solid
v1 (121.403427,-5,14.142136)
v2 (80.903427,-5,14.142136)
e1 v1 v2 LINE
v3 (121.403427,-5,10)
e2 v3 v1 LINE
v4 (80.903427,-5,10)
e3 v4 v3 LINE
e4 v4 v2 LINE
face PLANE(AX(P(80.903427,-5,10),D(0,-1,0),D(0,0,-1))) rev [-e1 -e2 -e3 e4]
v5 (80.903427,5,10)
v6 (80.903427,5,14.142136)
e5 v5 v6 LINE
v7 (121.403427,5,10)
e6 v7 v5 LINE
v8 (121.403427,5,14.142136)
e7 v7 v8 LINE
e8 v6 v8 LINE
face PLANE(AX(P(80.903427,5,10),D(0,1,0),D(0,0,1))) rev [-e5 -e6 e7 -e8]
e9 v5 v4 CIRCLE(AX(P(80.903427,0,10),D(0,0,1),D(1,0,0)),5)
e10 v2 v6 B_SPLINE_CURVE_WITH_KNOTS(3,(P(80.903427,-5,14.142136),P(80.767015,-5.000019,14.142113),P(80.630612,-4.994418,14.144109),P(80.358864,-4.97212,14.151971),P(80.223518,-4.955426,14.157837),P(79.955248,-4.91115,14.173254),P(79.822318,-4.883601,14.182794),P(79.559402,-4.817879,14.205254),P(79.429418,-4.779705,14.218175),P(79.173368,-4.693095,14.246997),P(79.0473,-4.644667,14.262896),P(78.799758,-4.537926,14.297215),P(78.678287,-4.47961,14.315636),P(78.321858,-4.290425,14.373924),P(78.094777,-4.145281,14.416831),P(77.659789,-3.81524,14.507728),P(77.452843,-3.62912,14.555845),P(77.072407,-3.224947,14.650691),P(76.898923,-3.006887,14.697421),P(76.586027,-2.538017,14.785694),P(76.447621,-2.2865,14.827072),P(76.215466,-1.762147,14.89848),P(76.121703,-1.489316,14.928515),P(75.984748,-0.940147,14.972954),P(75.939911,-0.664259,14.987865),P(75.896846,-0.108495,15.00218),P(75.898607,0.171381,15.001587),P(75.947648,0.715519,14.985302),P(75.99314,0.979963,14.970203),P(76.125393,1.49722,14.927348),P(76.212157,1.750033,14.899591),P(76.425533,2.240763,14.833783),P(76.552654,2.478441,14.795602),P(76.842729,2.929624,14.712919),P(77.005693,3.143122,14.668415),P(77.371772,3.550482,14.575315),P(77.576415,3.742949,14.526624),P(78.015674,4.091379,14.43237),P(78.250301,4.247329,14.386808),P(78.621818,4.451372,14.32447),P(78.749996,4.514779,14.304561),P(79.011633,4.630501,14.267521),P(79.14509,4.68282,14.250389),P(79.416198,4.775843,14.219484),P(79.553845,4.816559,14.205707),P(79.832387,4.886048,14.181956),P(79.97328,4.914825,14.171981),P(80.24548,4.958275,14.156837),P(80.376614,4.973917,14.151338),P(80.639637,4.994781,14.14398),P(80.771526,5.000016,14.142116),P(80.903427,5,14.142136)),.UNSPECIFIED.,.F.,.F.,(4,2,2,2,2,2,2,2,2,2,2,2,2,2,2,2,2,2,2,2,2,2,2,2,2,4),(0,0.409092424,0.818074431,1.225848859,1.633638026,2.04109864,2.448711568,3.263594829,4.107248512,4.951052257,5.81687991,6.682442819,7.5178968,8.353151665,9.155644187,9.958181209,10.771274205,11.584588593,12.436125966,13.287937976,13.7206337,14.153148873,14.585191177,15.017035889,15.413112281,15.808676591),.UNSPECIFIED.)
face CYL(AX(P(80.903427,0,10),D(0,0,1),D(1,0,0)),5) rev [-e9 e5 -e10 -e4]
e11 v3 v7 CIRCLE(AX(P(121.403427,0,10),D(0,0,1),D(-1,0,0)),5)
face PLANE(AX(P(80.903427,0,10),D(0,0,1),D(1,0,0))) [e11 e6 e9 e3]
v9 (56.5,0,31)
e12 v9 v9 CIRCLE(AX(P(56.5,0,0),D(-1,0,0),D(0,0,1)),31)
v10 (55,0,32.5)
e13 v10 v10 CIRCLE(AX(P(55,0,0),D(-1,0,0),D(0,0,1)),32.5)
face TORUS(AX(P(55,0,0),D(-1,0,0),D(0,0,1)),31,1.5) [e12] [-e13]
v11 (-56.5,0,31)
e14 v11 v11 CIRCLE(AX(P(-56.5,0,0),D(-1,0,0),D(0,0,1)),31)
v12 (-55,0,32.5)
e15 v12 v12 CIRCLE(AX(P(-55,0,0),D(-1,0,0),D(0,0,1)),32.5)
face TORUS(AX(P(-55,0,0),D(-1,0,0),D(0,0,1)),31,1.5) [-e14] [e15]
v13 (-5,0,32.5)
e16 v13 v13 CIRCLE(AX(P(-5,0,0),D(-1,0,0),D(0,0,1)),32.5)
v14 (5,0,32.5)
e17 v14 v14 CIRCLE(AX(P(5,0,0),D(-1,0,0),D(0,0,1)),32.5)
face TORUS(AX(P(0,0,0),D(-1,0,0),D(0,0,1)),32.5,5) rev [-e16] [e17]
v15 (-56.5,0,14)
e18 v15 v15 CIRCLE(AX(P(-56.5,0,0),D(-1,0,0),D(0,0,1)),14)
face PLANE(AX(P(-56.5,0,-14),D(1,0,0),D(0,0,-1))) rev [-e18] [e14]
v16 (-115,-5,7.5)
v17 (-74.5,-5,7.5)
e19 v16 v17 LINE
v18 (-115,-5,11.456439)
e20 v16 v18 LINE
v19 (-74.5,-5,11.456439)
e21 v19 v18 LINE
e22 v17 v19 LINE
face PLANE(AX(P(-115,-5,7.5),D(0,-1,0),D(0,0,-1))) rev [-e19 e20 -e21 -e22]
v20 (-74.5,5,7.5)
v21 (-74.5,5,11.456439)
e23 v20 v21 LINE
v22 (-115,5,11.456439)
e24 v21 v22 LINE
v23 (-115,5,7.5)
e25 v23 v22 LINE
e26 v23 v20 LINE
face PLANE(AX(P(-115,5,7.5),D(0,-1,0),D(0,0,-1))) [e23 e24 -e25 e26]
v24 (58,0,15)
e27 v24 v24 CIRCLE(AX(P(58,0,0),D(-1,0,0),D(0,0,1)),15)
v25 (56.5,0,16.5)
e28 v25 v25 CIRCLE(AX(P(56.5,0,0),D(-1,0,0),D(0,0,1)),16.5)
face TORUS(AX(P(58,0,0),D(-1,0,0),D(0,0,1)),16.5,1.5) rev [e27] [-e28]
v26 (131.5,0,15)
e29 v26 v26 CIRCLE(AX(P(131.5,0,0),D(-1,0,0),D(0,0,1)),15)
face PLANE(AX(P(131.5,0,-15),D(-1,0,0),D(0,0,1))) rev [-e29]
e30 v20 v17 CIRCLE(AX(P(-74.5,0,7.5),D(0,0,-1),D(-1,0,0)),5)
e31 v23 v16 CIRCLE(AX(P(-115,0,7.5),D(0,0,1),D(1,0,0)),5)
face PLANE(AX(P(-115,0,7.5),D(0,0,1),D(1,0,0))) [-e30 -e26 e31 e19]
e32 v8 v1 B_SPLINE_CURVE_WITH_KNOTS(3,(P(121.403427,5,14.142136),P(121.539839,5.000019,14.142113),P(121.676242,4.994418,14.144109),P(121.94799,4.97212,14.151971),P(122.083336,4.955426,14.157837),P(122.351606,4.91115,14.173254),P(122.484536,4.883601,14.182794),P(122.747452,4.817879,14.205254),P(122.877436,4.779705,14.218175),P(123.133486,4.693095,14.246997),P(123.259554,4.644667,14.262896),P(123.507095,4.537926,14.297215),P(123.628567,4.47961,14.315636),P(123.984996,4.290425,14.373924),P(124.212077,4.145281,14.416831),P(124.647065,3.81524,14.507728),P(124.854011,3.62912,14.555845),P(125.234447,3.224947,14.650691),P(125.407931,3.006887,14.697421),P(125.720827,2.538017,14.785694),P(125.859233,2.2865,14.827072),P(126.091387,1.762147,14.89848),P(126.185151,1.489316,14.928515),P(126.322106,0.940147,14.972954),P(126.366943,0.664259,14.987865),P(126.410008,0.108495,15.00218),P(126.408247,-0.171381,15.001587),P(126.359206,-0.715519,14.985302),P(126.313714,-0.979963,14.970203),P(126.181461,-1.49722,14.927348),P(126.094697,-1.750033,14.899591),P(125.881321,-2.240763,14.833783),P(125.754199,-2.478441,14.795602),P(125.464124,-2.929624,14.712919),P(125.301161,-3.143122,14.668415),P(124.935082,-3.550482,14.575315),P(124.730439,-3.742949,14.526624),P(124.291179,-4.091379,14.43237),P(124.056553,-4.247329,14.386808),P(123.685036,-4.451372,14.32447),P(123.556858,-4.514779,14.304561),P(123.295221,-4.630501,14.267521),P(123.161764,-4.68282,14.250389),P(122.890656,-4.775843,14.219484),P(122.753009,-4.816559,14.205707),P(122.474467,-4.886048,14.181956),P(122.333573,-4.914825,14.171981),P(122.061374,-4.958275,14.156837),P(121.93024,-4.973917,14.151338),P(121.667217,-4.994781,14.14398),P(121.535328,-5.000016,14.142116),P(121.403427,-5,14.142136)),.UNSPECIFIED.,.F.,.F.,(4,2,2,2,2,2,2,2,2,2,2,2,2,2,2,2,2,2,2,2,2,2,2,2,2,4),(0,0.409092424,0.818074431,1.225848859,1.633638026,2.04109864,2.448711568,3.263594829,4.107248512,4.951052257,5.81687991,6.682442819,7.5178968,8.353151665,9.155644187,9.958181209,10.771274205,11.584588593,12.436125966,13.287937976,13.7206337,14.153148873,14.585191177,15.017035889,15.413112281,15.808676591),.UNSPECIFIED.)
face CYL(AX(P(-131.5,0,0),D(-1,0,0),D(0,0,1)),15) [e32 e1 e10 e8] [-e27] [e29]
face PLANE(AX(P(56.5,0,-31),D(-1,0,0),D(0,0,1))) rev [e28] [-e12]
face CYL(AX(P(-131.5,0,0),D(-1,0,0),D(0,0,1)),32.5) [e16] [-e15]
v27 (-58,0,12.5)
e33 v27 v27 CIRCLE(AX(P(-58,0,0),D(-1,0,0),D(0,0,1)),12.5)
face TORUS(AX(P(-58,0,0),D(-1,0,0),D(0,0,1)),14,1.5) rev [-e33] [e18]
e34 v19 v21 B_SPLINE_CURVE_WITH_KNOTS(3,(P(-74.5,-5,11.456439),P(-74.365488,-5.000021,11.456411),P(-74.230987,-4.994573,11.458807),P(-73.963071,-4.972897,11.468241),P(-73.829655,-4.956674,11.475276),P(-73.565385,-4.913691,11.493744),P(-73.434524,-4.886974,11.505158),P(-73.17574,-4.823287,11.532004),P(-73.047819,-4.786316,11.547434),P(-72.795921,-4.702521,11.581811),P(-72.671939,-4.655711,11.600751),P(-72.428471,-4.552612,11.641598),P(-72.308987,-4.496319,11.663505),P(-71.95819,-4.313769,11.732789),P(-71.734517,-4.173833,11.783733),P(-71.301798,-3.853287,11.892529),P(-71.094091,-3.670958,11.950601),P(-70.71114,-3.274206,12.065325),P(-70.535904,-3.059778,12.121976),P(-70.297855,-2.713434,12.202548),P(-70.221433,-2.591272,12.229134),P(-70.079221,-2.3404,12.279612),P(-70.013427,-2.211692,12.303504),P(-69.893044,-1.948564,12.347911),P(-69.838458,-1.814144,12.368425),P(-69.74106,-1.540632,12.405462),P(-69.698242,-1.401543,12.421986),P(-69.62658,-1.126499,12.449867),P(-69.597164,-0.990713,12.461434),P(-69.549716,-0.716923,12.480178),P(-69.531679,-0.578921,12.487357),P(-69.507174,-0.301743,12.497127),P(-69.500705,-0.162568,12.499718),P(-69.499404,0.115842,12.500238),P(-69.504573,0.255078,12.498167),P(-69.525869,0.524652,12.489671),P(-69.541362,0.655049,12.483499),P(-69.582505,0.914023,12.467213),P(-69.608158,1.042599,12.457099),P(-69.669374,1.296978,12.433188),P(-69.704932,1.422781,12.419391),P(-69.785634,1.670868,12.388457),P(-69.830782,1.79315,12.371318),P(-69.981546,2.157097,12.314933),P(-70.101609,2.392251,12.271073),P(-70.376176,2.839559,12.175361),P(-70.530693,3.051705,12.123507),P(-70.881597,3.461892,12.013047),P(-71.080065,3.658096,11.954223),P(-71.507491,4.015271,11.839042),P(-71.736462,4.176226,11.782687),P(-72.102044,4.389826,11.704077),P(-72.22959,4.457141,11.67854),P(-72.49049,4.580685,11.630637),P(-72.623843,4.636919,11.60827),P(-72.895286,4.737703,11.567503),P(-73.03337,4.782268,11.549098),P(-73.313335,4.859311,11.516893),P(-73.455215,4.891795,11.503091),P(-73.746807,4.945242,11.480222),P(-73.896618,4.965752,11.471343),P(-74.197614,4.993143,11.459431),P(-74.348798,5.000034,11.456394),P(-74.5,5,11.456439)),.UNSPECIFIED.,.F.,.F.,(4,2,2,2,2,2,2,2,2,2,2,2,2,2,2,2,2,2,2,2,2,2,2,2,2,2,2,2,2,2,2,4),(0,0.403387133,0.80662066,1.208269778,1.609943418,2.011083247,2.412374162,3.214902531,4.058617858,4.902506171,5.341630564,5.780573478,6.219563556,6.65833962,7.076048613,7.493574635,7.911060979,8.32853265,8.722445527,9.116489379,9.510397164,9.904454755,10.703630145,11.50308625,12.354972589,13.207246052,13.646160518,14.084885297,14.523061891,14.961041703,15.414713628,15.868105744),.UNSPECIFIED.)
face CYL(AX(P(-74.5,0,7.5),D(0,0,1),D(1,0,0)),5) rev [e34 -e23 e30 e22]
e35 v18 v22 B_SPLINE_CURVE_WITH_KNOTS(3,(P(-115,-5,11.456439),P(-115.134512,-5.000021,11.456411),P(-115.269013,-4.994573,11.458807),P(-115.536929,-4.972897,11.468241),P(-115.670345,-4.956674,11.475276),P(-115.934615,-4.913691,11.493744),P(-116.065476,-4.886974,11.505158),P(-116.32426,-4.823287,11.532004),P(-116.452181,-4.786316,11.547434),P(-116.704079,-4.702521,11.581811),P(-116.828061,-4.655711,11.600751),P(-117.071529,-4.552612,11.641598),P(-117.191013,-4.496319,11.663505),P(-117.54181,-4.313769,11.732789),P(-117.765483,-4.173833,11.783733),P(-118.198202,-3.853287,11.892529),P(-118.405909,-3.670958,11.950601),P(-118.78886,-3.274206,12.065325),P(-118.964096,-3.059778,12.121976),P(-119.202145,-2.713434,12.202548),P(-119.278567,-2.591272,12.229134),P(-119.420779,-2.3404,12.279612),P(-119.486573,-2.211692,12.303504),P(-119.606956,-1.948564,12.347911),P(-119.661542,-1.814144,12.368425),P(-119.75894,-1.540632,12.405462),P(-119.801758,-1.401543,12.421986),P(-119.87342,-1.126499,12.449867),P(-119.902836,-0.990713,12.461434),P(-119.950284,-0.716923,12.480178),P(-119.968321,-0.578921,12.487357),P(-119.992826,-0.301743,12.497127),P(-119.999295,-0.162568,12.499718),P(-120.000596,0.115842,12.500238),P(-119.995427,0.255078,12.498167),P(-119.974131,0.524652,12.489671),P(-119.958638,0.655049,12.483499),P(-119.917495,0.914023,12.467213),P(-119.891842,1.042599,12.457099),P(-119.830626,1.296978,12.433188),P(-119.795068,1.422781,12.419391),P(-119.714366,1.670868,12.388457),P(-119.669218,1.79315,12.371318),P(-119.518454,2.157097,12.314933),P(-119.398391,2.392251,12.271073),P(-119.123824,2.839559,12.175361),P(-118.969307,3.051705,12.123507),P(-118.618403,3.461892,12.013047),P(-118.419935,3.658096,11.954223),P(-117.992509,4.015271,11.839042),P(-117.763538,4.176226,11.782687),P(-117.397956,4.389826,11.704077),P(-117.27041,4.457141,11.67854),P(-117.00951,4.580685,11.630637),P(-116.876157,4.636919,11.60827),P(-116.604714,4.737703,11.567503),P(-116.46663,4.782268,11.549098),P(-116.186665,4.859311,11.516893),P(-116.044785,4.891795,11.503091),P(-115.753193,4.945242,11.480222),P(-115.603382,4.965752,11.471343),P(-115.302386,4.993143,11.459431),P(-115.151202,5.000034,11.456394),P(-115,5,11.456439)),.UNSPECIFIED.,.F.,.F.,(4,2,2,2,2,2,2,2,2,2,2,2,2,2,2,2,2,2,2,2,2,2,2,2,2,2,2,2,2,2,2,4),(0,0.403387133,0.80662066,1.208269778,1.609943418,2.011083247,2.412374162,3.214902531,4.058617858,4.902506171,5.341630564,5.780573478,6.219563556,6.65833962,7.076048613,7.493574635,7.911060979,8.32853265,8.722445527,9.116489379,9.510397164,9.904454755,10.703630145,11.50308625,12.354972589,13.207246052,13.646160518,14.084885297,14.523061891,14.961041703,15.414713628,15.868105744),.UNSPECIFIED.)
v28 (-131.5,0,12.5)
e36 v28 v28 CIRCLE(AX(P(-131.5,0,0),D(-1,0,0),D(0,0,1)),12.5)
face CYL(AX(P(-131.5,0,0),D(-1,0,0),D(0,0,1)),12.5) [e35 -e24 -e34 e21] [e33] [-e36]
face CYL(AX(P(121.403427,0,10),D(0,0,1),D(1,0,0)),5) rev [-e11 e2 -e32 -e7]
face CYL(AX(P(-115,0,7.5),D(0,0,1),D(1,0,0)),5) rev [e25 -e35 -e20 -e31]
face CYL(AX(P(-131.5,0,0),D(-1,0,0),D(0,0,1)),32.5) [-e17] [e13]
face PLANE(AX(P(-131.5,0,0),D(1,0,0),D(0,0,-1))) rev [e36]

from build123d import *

# Parameters (mm, degrees)
CORTAR_EXTRUIR2_START = 12.5
CORTAR_EXTRUIR2_DEPTH = 5
CORTAR_EXTRUIR3_START = 15
CORTAR_EXTRUIR3_DEPTH = 5


with BuildPart() as part:
    # Croquis4 → Revolución2 (revolve)
    with BuildSketch(Plane(origin=(0, 0, 0), x_dir=(1, 0, 0), z_dir=(0, 1, 0)), mode=Mode.PRIVATE) as revoluci_n2_sk:
        with BuildLine():
            Line((-131.5, 0), (-131.5, 12.5))
            Line((-131.5, 12.5), (-58, 12.5))
            ThreePointArc((-58, 12.5), (-56.939339828, 12.939339828), (-56.5, 14))
            Line((-56.5, 14), (-56.5, 31))
            ThreePointArc((-56.5, 31), (-56.060660172, 32.060660172), (-55, 32.5))
            Line((-55, 32.5), (-5, 32.5))
            ThreePointArc((-5, 32.5), (0, 27.5), (5, 32.5))
            Line((5, 32.5), (55, 32.5))
            ThreePointArc((55, 32.5), (56.060660172, 32.060660172), (56.5, 31))
            Line((56.5, 31), (56.5, 16.5))
            ThreePointArc((56.5, 16.5), (56.939339828, 15.439339828), (58, 15))
            Line((58, 15), (131.5, 15))
            Line((131.5, 15), (131.5, 0))
            Line((131.5, 0), (-131.5, 0))
        make_face()
    revolve(revoluci_n2_sk.sketch.rotate(Axis((-131.5, 0, 0), (1, 0, 0)), 180), axis=Axis((-131.5, 0, 0), (1, 0, 0)))

    # Croquis5 → Cortar-Extruir2 (cut)
    with BuildSketch(Plane.XY.offset(CORTAR_EXTRUIR2_START)):
        with BuildLine():
            Line((-115, -5), (-74.5, -5))
            ThreePointArc((-74.5, -5), (-69.5, 0), (-74.5, 5))
            Line((-74.5, 5), (-115, 5))
            ThreePointArc((-115, 5), (-120, 0), (-115, -5))
        make_face()
    extrude(amount=-CORTAR_EXTRUIR2_DEPTH, mode=Mode.SUBTRACT)

    # Croquis6 → Cortar-Extruir3 (cut)
    with BuildSketch(Plane.XY.offset(CORTAR_EXTRUIR3_START)):
        with BuildLine():
            Line((80.903426942, 5), (121.403426942, 5))
            ThreePointArc((121.403426942, 5), (126.403426942, 0), (121.403426942, -5))
            Line((121.403426942, -5), (80.903426942, -5))
            ThreePointArc((80.903426942, -5), (75.903426942, 0), (80.903426942, 5))
        make_face()
    extrude(amount=-CORTAR_EXTRUIR3_DEPTH, mode=Mode.SUBTRACT)


solid = part.part
